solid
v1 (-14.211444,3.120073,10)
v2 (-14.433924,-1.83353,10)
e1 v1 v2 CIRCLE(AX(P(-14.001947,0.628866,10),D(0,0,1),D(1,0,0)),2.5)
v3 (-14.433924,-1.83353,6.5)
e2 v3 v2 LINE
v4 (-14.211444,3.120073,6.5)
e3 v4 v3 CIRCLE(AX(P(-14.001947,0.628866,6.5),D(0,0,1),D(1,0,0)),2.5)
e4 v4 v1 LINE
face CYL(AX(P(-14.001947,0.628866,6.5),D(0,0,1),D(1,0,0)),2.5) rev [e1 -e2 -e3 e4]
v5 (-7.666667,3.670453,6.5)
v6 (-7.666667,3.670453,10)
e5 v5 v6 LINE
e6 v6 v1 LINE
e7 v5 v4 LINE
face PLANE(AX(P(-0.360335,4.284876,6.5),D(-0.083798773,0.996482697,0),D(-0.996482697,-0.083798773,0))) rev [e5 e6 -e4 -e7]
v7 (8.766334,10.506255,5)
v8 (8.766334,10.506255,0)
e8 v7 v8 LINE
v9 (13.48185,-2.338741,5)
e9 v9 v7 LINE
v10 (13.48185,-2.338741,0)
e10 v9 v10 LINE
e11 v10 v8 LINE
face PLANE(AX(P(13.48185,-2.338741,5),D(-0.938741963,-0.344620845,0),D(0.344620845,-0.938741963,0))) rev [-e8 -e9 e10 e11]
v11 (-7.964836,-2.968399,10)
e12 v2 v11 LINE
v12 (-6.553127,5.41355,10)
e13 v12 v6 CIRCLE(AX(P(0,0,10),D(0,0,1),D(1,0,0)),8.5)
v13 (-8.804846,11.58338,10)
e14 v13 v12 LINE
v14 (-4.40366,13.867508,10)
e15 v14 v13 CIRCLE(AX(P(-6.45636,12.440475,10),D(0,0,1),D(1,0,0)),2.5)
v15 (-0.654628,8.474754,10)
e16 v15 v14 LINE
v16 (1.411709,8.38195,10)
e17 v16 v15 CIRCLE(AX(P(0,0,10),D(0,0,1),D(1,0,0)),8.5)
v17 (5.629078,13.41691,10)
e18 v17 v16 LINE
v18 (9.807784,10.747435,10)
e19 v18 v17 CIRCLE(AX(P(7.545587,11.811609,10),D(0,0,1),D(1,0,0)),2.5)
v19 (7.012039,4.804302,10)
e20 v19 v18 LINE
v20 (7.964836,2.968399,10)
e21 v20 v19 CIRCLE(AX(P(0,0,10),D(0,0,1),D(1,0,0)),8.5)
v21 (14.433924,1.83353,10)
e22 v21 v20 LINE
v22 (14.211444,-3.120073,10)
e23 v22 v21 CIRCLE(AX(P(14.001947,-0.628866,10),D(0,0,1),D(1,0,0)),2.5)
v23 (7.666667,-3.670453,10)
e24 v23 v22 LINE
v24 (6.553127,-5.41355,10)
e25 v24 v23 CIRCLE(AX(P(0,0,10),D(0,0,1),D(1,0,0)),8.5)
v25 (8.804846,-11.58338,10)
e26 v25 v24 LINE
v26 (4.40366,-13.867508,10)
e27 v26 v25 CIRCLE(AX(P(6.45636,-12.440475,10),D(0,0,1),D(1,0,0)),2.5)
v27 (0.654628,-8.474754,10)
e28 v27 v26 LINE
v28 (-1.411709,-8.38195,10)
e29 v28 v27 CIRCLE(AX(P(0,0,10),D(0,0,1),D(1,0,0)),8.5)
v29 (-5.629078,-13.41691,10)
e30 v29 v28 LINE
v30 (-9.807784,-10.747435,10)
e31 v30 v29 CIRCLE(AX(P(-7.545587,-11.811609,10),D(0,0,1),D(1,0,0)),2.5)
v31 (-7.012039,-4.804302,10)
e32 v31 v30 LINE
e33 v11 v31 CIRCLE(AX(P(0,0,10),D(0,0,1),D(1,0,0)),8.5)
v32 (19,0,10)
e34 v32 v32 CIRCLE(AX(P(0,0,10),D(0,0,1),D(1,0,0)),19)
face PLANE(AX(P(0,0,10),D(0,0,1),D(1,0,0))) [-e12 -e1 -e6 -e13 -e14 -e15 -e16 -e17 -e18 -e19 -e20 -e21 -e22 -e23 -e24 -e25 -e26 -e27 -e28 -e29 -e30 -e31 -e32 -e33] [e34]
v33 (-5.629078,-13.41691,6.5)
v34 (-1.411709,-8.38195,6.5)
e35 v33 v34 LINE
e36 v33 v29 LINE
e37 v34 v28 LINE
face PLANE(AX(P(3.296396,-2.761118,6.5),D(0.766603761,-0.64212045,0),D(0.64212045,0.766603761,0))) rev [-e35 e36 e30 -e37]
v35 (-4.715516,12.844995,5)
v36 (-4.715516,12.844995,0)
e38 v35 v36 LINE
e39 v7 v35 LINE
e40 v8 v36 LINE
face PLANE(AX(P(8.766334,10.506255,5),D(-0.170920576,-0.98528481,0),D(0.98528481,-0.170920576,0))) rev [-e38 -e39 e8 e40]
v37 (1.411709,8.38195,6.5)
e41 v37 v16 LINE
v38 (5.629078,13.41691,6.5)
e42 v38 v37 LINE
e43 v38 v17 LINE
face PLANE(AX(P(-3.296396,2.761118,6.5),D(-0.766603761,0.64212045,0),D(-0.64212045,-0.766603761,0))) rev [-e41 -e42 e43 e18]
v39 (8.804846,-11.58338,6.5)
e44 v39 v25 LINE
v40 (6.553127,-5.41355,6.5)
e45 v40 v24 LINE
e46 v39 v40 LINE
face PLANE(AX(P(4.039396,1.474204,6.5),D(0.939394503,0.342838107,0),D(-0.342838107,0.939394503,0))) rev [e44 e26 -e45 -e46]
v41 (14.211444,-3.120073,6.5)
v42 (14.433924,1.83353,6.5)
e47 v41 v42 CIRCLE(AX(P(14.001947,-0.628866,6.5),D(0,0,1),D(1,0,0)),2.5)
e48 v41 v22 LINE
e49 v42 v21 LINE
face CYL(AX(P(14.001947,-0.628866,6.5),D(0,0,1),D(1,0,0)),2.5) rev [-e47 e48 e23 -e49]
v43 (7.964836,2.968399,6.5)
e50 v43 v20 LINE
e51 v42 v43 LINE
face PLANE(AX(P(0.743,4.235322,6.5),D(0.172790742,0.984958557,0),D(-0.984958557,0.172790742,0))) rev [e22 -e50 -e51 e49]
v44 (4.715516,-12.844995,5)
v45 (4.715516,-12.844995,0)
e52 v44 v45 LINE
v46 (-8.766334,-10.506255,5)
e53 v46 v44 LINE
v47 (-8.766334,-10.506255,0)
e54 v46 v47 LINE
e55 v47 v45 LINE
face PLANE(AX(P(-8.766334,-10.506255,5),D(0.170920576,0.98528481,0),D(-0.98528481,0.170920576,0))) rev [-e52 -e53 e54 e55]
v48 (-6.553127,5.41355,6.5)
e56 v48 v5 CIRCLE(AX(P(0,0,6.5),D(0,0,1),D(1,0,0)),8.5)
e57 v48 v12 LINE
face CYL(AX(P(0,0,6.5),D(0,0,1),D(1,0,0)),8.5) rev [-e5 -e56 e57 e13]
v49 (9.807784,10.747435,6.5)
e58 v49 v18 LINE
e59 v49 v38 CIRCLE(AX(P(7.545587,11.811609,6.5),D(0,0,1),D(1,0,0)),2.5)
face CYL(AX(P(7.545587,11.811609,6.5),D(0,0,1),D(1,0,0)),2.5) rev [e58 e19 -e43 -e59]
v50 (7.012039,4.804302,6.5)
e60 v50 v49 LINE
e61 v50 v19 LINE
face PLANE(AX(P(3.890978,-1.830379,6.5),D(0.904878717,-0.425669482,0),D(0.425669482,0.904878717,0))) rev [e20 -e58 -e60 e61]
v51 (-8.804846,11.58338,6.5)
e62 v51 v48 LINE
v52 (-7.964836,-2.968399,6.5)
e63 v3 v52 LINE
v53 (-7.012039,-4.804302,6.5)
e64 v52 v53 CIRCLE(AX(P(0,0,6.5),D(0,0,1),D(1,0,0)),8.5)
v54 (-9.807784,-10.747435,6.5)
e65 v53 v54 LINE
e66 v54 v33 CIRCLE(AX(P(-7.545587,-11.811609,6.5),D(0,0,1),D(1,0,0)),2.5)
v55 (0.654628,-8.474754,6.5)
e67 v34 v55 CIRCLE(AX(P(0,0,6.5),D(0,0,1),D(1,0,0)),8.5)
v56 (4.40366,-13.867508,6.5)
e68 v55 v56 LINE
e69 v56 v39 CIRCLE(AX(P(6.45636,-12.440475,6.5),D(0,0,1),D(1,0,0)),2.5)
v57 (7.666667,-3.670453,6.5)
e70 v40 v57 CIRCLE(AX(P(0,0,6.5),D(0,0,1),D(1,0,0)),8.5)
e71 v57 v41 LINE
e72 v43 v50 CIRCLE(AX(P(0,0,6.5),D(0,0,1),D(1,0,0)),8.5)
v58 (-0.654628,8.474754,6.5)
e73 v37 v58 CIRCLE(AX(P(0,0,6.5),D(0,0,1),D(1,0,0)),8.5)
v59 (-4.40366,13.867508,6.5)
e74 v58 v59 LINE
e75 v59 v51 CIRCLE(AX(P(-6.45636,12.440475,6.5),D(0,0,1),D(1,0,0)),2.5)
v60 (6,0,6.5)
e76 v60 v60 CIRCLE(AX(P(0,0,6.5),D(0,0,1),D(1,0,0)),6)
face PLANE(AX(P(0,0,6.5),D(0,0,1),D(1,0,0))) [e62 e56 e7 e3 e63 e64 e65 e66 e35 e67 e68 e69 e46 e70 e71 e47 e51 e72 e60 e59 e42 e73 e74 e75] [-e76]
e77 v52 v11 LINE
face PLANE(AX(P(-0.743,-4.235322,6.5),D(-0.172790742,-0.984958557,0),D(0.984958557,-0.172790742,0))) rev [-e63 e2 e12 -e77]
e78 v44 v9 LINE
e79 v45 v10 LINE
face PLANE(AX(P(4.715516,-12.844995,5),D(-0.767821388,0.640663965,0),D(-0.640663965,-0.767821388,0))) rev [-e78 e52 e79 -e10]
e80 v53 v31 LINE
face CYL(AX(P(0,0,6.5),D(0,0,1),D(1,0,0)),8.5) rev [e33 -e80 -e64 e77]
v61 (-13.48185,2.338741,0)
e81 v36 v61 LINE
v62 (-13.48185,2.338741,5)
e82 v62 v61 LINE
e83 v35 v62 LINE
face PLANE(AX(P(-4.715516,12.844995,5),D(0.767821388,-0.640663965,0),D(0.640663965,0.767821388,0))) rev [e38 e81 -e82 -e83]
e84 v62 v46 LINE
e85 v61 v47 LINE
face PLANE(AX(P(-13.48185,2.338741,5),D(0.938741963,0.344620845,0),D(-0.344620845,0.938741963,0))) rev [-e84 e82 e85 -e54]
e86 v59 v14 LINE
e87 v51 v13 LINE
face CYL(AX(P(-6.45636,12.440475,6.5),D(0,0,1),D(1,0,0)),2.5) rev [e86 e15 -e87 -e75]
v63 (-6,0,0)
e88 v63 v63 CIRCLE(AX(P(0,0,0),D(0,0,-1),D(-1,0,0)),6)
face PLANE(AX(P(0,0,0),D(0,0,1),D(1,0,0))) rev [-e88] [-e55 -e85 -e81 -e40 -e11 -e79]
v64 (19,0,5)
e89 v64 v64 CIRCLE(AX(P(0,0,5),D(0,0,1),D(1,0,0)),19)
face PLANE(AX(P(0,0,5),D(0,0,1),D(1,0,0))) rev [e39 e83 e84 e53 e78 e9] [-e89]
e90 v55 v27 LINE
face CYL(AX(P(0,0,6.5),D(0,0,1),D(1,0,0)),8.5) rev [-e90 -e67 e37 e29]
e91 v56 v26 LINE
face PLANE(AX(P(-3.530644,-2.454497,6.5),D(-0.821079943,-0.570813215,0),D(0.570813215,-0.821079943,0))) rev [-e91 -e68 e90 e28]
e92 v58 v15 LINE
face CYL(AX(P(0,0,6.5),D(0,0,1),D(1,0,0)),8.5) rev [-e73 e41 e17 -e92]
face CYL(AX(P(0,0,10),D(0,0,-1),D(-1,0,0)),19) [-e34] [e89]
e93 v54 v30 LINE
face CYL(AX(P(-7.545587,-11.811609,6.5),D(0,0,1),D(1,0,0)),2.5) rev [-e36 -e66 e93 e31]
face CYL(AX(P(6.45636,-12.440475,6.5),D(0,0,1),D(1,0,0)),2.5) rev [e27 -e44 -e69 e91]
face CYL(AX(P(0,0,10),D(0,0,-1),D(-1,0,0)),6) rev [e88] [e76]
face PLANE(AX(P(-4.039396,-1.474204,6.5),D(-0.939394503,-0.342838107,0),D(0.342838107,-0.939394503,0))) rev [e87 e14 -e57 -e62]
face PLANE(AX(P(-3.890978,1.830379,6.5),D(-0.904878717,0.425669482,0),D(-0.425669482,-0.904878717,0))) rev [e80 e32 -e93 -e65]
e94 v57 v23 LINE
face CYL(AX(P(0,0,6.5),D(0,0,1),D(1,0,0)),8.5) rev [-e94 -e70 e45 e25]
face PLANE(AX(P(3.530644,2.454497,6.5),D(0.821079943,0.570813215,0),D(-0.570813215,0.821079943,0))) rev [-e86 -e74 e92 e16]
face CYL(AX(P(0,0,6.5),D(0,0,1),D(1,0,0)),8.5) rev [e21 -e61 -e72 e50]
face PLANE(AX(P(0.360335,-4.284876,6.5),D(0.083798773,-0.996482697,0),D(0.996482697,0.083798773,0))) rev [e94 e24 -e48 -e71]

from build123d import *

# Parameters (mm, degrees)
BOSS_EXTRUDE1_DEPTH = 5
SKETCH2_R           = 19
BOSS_EXTRUDE2_DEPTH = 5
CUT_EXTRUDE1_DEPTH  = 3.5
SKETCH4_R           = 6
CUT_EXTRUDE2_DEPTH  = 11


with BuildPart() as part:
    # Sketch1 → Boss-Extrude1 (new body)
    with BuildSketch(Plane.XY):
        Polygon((8.766334056, 10.506254671), (-4.715516416, 12.844995326), (-13.481850472, 2.338740655), (-8.766334056, -10.506254671), (4.715516416, -12.844995326), (13.481850472, -2.338740655), align=None)
    extrude(amount=BOSS_EXTRUDE1_DEPTH)

    # Sketch2 → Boss-Extrude2 (add)
    with BuildSketch(Plane.XY.offset(5)):
        Circle(SKETCH2_R)
    extrude(amount=BOSS_EXTRUDE2_DEPTH)

    # Sketch3 → Cut-Extrude1 (cut)
    with BuildSketch(Plane.XY.offset(10)):
        with BuildLine():
            Line((7.666666546, -3.670452843), (14.211444215, -3.120072648))
            ThreePointArc((14.211444215, -3.120072648), (16.499429689, -0.741033748), (14.433922262, 1.833530816))
            Line((14.433922262, 1.833530816), (7.964835621, 2.968399152))
            ThreePointArc((7.964835621, 2.968399152), (7.544489735, 3.915440541), (7.012038678, 4.80430157))
            Line((7.012038678, 4.80430157), (9.807784283, 10.74743539))
            ThreePointArc((9.807784283, 10.74743539), (8.89146974, 13.918407845), (5.629078153, 13.4169103))
            Line((5.629078153, 13.4169103), (1.411708737, 8.381949561))
            ThreePointArc((1.411708737, 8.381949561), (0.381373892, 8.49144004), (-0.654627868, 8.474754413))
            Line((-0.654627868, 8.474754413), (-4.403659932, 13.867508039))
            ThreePointArc((-4.403659932, 13.867508039), (-7.607959927, 14.659442582), (-8.804846066, 11.583379783))
            Line((-8.804846066, 11.583379783), (-6.553126885, 5.413550409))
            ThreePointArc((-6.553126885, 5.413550409), (-7.163115843, 4.575999499), (-7.666666546, 3.670452843))
            Line((-7.666666546, 3.670452843), (-14.211444215, 3.120072648))
            ThreePointArc((-14.211444215, 3.120072648), (-16.499429618, 0.741035318), (-14.433925359, -1.833530273))
            Line((-14.433925359, -1.833530273), (-7.964835621, -2.968399152))
            ThreePointArc((-7.964835621, -2.968399152), (-7.544489735, -3.915440541), (-7.012038678, -4.80430157))
            Line((-7.012038678, -4.80430157), (-9.807784283, -10.74743539))
            ThreePointArc((-9.807784283, -10.74743539), (-8.891470467, -13.918407381), (-5.629079261, -13.416911623))
            Line((-5.629079261, -13.416911623), (-1.411708737, -8.381949561))
            ThreePointArc((-1.411708737, -8.381949561), (-0.381373892, -8.49144004), (0.654627868, -8.474754413))
            Line((0.654627868, -8.474754413), (4.403659932, -13.867508039))
            ThreePointArc((4.403659932, -13.867508039), (7.607959014, -14.659443056), (8.804846772, -11.583381715))
            Line((8.804846772, -11.583381715), (6.553126885, -5.413550409))
            ThreePointArc((6.553126885, -5.413550409), (7.163115843, -4.575999499), (7.666666546, -3.670452843))
        make_face()
    extrude(amount=-CUT_EXTRUDE1_DEPTH, mode=Mode.SUBTRACT)

    # Sketch4 → Cut-Extrude2 (cut, through all)
    with BuildSketch(Plane(origin=(0, 0, 0), x_dir=(-1, 0, 0), z_dir=(0, 0, -1))):
        Circle(SKETCH4_R)
    extrude(amount=-CUT_EXTRUDE2_DEPTH, mode=Mode.SUBTRACT)


solid = part.part
